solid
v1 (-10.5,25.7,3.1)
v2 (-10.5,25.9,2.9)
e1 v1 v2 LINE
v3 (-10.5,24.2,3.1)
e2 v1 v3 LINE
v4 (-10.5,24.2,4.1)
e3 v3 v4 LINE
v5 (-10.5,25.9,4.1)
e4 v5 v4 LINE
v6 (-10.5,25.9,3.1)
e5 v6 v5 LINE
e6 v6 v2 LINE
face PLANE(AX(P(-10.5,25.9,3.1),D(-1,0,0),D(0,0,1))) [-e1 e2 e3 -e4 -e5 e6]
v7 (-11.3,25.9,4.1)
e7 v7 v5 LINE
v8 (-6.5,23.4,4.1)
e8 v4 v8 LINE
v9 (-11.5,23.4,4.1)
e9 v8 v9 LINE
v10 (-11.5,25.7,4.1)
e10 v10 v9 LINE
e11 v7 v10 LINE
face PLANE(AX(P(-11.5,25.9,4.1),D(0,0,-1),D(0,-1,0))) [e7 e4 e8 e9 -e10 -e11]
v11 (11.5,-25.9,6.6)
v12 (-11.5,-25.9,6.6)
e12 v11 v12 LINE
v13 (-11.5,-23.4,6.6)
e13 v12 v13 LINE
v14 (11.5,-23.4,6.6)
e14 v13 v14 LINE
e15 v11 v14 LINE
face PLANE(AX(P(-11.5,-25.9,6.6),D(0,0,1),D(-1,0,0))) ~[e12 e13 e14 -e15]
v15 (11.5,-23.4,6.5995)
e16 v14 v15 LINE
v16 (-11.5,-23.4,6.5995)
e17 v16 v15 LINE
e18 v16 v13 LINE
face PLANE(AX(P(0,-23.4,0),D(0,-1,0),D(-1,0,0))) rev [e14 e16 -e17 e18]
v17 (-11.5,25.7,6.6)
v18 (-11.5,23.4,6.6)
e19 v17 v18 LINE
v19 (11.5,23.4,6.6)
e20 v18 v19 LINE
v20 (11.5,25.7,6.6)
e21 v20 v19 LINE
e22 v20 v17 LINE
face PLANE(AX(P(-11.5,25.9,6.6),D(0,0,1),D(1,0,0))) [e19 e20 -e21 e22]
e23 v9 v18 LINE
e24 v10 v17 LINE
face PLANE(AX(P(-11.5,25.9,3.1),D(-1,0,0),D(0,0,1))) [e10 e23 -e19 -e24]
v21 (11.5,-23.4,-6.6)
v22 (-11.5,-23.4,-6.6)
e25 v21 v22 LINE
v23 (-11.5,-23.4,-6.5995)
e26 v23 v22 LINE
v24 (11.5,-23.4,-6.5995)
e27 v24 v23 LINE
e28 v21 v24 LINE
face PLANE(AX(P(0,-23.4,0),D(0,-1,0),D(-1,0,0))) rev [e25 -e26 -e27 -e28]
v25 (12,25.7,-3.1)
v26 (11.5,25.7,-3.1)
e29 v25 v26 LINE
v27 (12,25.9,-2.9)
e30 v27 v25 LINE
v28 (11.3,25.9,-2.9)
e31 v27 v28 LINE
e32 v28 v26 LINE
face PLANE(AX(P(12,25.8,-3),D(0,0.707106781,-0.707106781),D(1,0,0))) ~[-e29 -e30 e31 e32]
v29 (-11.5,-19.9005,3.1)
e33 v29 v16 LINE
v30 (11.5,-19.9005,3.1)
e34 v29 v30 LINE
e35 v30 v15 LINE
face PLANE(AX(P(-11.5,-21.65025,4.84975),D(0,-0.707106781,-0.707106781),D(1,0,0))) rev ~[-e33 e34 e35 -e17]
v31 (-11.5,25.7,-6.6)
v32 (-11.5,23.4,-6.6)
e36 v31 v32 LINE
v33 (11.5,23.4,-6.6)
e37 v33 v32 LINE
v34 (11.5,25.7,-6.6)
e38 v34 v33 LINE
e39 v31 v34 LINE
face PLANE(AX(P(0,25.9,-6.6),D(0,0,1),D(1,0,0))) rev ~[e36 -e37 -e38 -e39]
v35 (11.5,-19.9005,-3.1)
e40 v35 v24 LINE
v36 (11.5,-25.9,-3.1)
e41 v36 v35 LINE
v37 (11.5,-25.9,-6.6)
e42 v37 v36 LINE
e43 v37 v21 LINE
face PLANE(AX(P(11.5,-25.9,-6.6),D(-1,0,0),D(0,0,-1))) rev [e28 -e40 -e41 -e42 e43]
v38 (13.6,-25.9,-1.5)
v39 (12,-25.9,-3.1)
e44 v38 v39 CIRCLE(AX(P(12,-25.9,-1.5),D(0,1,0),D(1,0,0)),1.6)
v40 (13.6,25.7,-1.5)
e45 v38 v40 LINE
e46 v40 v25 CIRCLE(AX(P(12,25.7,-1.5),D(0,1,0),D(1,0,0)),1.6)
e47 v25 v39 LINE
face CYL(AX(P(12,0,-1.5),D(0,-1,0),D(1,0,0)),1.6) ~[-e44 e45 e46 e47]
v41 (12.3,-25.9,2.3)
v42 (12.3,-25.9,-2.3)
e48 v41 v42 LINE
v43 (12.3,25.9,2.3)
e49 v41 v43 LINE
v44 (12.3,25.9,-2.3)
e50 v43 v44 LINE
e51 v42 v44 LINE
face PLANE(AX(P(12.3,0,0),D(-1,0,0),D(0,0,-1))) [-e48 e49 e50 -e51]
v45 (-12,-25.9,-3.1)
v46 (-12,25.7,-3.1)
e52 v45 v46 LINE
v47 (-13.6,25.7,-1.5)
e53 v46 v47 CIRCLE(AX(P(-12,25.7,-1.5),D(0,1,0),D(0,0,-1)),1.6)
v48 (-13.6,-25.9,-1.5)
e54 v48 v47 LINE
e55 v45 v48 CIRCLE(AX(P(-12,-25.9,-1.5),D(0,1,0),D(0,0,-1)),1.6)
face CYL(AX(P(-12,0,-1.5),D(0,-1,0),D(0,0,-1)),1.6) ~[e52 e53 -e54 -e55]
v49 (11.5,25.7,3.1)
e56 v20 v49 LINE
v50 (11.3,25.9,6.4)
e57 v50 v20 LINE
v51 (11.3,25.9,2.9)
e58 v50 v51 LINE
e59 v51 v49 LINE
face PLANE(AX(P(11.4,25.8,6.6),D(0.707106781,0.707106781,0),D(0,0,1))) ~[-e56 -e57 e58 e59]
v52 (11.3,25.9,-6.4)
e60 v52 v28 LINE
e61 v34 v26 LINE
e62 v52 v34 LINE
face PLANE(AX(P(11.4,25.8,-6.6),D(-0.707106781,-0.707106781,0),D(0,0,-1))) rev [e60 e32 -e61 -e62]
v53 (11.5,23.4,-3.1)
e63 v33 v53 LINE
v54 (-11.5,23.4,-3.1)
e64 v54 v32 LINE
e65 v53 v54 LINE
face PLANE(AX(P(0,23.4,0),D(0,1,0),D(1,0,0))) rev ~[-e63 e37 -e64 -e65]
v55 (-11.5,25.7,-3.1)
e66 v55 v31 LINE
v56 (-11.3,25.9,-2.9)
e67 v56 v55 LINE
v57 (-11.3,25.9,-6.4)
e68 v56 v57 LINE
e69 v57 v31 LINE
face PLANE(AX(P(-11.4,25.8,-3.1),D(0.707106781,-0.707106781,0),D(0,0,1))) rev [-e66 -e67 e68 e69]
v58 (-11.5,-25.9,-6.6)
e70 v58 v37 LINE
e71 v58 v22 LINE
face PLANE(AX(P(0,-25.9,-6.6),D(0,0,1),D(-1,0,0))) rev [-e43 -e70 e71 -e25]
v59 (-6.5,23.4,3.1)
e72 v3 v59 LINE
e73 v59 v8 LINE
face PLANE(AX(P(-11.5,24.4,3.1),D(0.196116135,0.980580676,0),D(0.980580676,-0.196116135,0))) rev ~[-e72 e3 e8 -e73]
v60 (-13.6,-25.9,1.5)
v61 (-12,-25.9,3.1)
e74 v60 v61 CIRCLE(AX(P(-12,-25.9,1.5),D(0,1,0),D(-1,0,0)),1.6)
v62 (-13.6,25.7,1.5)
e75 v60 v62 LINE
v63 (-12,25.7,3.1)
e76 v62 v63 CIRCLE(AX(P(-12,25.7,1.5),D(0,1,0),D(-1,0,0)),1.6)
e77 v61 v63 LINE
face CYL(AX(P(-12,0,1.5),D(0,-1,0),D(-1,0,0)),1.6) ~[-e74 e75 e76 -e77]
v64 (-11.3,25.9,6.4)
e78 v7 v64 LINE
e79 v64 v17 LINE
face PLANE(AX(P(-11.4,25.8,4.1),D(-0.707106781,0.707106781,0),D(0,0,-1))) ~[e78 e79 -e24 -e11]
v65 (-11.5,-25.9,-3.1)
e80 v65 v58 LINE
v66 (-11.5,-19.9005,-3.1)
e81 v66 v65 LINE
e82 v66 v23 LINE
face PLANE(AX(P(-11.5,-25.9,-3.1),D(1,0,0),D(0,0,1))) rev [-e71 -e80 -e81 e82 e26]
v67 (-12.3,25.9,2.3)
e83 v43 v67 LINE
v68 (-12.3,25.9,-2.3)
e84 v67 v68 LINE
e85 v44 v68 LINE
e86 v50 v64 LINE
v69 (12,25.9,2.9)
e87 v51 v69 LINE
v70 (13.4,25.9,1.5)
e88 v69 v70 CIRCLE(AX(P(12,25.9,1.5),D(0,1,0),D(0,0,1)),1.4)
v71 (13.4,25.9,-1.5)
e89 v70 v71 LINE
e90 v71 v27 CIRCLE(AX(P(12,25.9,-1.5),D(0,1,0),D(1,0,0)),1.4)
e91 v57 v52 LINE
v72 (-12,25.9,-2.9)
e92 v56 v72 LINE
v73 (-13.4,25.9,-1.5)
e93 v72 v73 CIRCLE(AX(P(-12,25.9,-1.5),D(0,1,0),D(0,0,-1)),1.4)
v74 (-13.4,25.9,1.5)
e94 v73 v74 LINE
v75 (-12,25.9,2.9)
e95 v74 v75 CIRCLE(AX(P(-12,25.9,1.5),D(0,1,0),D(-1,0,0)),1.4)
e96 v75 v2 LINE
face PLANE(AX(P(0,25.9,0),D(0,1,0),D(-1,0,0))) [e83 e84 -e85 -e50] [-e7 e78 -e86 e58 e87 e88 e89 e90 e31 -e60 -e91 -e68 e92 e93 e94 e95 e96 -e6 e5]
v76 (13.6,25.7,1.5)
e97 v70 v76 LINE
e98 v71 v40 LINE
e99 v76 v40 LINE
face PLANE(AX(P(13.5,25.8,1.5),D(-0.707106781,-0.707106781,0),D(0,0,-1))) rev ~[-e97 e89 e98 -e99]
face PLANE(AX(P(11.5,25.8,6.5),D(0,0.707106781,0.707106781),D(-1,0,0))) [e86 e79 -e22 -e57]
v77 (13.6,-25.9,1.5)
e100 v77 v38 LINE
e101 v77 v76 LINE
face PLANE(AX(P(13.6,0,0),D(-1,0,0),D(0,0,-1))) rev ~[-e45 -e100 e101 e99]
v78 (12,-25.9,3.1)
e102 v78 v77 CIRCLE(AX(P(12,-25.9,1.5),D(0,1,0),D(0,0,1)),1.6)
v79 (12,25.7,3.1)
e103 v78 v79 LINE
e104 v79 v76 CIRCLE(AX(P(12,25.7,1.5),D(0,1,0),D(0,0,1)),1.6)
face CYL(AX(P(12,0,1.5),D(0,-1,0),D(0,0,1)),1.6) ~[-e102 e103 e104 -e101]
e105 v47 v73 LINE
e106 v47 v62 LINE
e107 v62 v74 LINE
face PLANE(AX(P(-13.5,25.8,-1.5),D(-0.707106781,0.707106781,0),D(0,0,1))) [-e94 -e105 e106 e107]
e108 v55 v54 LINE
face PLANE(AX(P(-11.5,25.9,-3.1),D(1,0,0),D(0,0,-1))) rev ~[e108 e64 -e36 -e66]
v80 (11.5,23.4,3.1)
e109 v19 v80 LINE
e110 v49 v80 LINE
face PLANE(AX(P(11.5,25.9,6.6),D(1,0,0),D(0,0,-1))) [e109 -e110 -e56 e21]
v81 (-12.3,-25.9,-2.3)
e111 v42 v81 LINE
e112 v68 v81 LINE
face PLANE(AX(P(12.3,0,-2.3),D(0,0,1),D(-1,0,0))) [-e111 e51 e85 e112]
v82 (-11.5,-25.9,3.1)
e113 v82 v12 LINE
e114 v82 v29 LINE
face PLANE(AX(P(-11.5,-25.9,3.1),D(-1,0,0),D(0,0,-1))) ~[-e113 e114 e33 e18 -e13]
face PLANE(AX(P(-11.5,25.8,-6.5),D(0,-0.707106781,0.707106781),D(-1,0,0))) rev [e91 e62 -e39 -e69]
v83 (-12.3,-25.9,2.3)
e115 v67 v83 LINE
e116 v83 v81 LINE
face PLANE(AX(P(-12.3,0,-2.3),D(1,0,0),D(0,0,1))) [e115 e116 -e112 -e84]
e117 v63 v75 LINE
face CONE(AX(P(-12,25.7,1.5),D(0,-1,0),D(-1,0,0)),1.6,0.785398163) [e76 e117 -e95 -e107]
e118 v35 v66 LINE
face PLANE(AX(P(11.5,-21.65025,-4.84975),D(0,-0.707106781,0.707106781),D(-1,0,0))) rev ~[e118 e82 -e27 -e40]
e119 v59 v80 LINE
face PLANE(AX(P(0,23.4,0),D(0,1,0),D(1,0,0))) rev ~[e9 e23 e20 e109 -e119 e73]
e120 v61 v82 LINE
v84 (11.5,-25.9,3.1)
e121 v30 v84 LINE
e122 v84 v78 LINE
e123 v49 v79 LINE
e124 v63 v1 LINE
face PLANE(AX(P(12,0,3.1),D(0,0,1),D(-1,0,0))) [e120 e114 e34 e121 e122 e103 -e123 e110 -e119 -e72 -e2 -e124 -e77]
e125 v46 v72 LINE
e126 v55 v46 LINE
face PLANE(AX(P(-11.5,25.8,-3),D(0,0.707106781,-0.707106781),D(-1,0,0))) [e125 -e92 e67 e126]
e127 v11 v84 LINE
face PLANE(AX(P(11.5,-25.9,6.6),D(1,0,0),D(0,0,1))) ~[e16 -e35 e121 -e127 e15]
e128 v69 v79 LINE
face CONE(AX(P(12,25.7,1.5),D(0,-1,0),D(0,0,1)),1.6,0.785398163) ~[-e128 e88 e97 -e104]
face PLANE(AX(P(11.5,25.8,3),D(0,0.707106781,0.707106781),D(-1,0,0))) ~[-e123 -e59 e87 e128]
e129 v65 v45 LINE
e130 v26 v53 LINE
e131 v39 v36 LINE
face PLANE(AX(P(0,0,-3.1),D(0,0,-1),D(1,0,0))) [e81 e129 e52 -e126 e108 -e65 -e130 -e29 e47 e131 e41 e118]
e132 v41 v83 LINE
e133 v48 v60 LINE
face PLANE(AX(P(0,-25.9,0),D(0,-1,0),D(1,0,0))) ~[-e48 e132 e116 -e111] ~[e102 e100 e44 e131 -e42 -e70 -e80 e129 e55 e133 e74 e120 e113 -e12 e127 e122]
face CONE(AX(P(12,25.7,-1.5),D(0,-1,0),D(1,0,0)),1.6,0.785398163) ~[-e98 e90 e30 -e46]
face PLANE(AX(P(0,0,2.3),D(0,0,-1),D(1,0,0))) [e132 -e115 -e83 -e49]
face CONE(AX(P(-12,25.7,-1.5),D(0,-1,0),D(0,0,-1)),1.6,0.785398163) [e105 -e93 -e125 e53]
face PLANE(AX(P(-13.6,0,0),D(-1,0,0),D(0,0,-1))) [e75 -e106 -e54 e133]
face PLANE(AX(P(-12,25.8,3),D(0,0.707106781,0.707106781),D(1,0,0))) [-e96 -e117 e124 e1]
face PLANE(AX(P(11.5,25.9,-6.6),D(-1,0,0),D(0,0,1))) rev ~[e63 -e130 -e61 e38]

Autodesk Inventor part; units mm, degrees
ref_plane "YZ Plane" through (0, 0, 0) normal (1, 0, 0) x (0, 1, 0)
ref_plane "XZ Plane" through (0, 0, 0) normal (0, 1, 0) x (-1, 0, 0)
ref_plane "XY Plane" through (0, 0, 0) normal (0, 0, 1) x (1, 0, 0)
sketch "Skizze2" plane through (0, 0, 0) normal (0, 1, 0) x (-1, 0, 0)
  line L0 (-12.3, -2.3) -> (12.3, -2.3)
  line L1 (12.3, -2.3) -> (12.3, 2.3)
  line L2 (12.3, 2.3) -> (-12.3, 2.3)
  line L3 (-12.3, 2.3) -> (-12.3, -2.3)
  line L4 (-12.3, -2.3) -> (12.3, 2.3) construction
  line L5 (12.3, -2.3) -> (-12.3, 2.3) construction
  line L6 (-12, 3.1) -> (12, 3.1)
  line L7 (12, -3.1) -> (-12, -3.1)
  line L8 (-19.5039, 0) -> (19.5039, 0) projected
  line L9 (0, -4.8039) -> (0, 4.8039) projected
  arc A0 (-12, 3.1) -> (-13.6, 1.5) centre (-12, 1.5) ccw
  arc A1 (-13.6, -1.5) -> (-12, -3.1) centre (-12, -1.5) ccw
  arc A2 (13.6, 1.5) -> (12, 3.1) centre (12, 1.5) ccw
  arc A3 (12, -3.1) -> (13.6, -1.5) centre (12, -1.5) ccw
  line L10 (-13.6, 1.5) -> (-13.6, -1.5)
  line L11 (13.6, 1.5) -> (13.6, -1.5)
  point P0 (0, 0)
  dimension "d0" = 24.6
  dimension "d1" = 4.6
  dimension "d2" = 0.8
  dimension "d29" = 3.2
  dimension "d32" = 1.3
extrude "Extrusion1" add sketch "Skizze2" along normal blind 25.9 contours L0 L9 L7 A1 L10 L8 L3 | L0 L1 L8 L11 A3 L7 L9 | L8 L10 A0 L6 L9 L2 L3 | L1 L2 L9 L6 A2 L11 L8
sketch "Skizze3" plane through (0, 25.9, 0) normal (0, 1, 0) x (1, 0, 0)
  line L0 (12.3, 2.3) -> (12.3, -2.3) projected
  line L1 (12.3, -2.3) -> (-12.3, -2.3) projected
  line L2 (-12.3, -2.3) -> (-12.3, 2.3) projected
  line L3 (-12.3, 2.3) -> (12.3, 2.3) projected
  line L4 (12, 3.1) -> (-12, 3.1) projected
  line L5 (-12, -3.1) -> (12, -3.1) projected
  line L6 (19.0715, 0) -> (-19.0452, 0) projected
  line L7 (11.5, -3.1) -> (-11.5, -3.1)
  line L8 (-11.5, -3.1) -> (-11.5, -6.6)
  line L9 (-11.5, -6.6) -> (11.5, -6.6)
  line L10 (11.5, -6.6) -> (11.5, -3.1)
  line L11 (12, 3.1) -> (-12, 3.1) projected
  line L12 (11.5, 3.1) -> (-11.5, 3.1)
  line L13 (-11.5, 3.1) -> (-11.5, 6.6)
  line L14 (-11.5, 6.6) -> (11.5, 6.6)
  line L15 (11.5, 6.6) -> (11.5, 3.1)
  line L16 (0, 7.84) -> (0, -7.84) projected
  line L17 (-12, -3.1) -> (12, -3.1) projected
  arc A0 (12, -3.1) -> (13.6, -1.5) centre (12, -1.5) ccw projected
  arc A1 (13.6, 1.5) -> (12, 3.1) centre (12, 1.5) ccw projected
  arc A2 (-12, 3.1) -> (-13.6, 1.5) centre (-12, 1.5) ccw projected
  arc A3 (-13.6, -1.5) -> (-12, -3.1) centre (-12, -1.5) ccw projected
  line L18 (13.6, -1.5) -> (13.6, 1.5) projected
  line L19 (-13.6, 1.5) -> (-13.6, -1.5) projected
  dimension "d18" = 3.5
  dimension "d19" = 23
extrude "Extrusion2" add sketch "Skizze3" against normal blind 2.5 contours L16 L14 L15 L4 | L4 L13 L14 L16 | L16 L9 L8 L5 | L5 L10 L9 L16
mirror "Spiegeln1" about plane through (0, 0, 0) normal (0, 1, 0) of "Extrusion1", "Extrusion2"
chamfer "Fase1" distance 3.5 angle 45 2 edges at (0, -23.4, 3.1) (0, -23.4, -3.1)
sketch "Skizze7" plane through (0, 23.4, 0) normal (0, -1, 0) x (1, 0, 0)
  line L0 (13.4387, -2.2) -> (13.6, -2.2) projected
  line L1 (13.6, 1.5) -> (13.6, 2.2) projected
  line L2 (13.6, 2.2) -> (13.4387, 2.2) projected
  line L3 (11.5, 3.1) -> (11.5, 6.6) projected
  line L4 (11.5, 6.6) -> (-11.5, 6.6) projected
  line L5 (-11.5, 6.6) -> (-11.5, 3.1) projected
  line L6 (11.5, 3.1) -> (-11.5, 3.1) projected
  line L7 (-11.5, -3.1) -> (11.5, -3.1) projected
  line L8 (-11.5, -3.1) -> (-11.5, -6.6) projected
  line L9 (-11.5, -6.6) -> (11.5, -6.6) projected
  line L10 (11.5, -6.6) -> (11.5, -3.1) projected
  line L11 (-13.6, -2.2) -> (-13.4387, -2.2) projected
  line L12 (-13.4387, 2.2) -> (-13.6, 2.2) projected
  line L13 (-13.6, -1.5) -> (-13.6, -2.2) projected
  line L14 (-13.6, 2.2) -> (-13.6, 1.5) projected
  arc A0 (-13.6, -1.5) -> (-13.4387, -2.2) centre (-12, -1.5) ccw projected
  arc A1 (-13.4387, 2.2) -> (-13.6, 1.5) centre (-12, 1.5) ccw projected
  arc A2 (13.4387, -2.2) -> (13.6, -1.5) centre (12, -1.5) ccw projected
  line L15 (13.6, -2.2) -> (13.6, -1.5) projected
  arc A3 (13.6, 1.5) -> (13.4387, 2.2) centre (12, 1.5) ccw projected
extrude "Extrusion4" [suppressed]
chamfer "Fase2" [suppressed]
sketch "Skizze8" plane through (-11.5, 23.4, 3.1) normal (0, 0, 1) x (1, 0, 0)
  line L0 (0, 2.5) -> (23, 2.5) projected
  line L1 (0, 2.5) -> (0, 0) projected
  line L2 (23, 0) -> (0, 0) projected
  line L3 (23, 2.5) -> (23, 0) projected
  line L4 (0, 0) -> (23, 0) projected
  line L5 (0, 0) -> (0, 1)
  line L6 (0, 1) -> (5, 0)
  line L7 (5, 0) -> (0, 0)
  point P0 (11.5, -23.4)
  dimension "d33" = 1
  dimension "d34" = 5
extrude "Extrusion5" cut sketch "Skizze8" along normal blind 1 contours L6 L2 L1
sketch "Skizze9" plane through (-11.5, 25.9, 3.1) normal (-1, 0, 0) x (0, 0, 1)
  line L0 (0, -1.5) -> (1, -1.5) projected
  line L1 (1, -1.5) -> (1, -2.5) projected
  line L2 (3.5, -2.5) -> (1, -2.5) projected
  line L3 (3.5, 0) -> (3.5, -2.5) projected
  line L4 (0, 0) -> (3.5, 0) projected
  line L5 (0, -1.5) -> (0, 0) projected
  line L6 (1, -2.5) -> (0, -2.5)
  line L7 (0, -2.5) -> (0, 0)
  line L8 (0, 0) -> (1, 0)
  line L9 (1, 0) -> (1, -2.5)
  point P0 (-3.1, -25.9)
extrude "Extrusion6" cut sketch "Skizze9" against normal blind 1 contours L5 L4 L9 L0 | L0 L1 L6 L7
chamfer "Fase3" distance 0.2 angle 45 16 edges at (0, 25.9, 6.6) (11.5, 25.9, 4.85) (13.1314, 25.9, 2.6314) (13.6, 25.9, 0) (13.1314, 25.9, -2.6314) (11.75, 25.9, -3.1) (11.75, 25.9, 3.1) (11.5, 25.9, -4.85) (0, 25.9, -6.6) (-11.5, 25.9, -4.85) (-11.75, 25.9, -3.1) (-13.1314, 25.9, -2.6314) (-13.6, 25.9, 0) (-13.1314, 25.9, 2.6314) (-11.25, 25.9, 3.1) (-11.5, 25.9, 5.35)
properties part number "Spulenkoerper" material "PC/ABS-Kunststoff"
